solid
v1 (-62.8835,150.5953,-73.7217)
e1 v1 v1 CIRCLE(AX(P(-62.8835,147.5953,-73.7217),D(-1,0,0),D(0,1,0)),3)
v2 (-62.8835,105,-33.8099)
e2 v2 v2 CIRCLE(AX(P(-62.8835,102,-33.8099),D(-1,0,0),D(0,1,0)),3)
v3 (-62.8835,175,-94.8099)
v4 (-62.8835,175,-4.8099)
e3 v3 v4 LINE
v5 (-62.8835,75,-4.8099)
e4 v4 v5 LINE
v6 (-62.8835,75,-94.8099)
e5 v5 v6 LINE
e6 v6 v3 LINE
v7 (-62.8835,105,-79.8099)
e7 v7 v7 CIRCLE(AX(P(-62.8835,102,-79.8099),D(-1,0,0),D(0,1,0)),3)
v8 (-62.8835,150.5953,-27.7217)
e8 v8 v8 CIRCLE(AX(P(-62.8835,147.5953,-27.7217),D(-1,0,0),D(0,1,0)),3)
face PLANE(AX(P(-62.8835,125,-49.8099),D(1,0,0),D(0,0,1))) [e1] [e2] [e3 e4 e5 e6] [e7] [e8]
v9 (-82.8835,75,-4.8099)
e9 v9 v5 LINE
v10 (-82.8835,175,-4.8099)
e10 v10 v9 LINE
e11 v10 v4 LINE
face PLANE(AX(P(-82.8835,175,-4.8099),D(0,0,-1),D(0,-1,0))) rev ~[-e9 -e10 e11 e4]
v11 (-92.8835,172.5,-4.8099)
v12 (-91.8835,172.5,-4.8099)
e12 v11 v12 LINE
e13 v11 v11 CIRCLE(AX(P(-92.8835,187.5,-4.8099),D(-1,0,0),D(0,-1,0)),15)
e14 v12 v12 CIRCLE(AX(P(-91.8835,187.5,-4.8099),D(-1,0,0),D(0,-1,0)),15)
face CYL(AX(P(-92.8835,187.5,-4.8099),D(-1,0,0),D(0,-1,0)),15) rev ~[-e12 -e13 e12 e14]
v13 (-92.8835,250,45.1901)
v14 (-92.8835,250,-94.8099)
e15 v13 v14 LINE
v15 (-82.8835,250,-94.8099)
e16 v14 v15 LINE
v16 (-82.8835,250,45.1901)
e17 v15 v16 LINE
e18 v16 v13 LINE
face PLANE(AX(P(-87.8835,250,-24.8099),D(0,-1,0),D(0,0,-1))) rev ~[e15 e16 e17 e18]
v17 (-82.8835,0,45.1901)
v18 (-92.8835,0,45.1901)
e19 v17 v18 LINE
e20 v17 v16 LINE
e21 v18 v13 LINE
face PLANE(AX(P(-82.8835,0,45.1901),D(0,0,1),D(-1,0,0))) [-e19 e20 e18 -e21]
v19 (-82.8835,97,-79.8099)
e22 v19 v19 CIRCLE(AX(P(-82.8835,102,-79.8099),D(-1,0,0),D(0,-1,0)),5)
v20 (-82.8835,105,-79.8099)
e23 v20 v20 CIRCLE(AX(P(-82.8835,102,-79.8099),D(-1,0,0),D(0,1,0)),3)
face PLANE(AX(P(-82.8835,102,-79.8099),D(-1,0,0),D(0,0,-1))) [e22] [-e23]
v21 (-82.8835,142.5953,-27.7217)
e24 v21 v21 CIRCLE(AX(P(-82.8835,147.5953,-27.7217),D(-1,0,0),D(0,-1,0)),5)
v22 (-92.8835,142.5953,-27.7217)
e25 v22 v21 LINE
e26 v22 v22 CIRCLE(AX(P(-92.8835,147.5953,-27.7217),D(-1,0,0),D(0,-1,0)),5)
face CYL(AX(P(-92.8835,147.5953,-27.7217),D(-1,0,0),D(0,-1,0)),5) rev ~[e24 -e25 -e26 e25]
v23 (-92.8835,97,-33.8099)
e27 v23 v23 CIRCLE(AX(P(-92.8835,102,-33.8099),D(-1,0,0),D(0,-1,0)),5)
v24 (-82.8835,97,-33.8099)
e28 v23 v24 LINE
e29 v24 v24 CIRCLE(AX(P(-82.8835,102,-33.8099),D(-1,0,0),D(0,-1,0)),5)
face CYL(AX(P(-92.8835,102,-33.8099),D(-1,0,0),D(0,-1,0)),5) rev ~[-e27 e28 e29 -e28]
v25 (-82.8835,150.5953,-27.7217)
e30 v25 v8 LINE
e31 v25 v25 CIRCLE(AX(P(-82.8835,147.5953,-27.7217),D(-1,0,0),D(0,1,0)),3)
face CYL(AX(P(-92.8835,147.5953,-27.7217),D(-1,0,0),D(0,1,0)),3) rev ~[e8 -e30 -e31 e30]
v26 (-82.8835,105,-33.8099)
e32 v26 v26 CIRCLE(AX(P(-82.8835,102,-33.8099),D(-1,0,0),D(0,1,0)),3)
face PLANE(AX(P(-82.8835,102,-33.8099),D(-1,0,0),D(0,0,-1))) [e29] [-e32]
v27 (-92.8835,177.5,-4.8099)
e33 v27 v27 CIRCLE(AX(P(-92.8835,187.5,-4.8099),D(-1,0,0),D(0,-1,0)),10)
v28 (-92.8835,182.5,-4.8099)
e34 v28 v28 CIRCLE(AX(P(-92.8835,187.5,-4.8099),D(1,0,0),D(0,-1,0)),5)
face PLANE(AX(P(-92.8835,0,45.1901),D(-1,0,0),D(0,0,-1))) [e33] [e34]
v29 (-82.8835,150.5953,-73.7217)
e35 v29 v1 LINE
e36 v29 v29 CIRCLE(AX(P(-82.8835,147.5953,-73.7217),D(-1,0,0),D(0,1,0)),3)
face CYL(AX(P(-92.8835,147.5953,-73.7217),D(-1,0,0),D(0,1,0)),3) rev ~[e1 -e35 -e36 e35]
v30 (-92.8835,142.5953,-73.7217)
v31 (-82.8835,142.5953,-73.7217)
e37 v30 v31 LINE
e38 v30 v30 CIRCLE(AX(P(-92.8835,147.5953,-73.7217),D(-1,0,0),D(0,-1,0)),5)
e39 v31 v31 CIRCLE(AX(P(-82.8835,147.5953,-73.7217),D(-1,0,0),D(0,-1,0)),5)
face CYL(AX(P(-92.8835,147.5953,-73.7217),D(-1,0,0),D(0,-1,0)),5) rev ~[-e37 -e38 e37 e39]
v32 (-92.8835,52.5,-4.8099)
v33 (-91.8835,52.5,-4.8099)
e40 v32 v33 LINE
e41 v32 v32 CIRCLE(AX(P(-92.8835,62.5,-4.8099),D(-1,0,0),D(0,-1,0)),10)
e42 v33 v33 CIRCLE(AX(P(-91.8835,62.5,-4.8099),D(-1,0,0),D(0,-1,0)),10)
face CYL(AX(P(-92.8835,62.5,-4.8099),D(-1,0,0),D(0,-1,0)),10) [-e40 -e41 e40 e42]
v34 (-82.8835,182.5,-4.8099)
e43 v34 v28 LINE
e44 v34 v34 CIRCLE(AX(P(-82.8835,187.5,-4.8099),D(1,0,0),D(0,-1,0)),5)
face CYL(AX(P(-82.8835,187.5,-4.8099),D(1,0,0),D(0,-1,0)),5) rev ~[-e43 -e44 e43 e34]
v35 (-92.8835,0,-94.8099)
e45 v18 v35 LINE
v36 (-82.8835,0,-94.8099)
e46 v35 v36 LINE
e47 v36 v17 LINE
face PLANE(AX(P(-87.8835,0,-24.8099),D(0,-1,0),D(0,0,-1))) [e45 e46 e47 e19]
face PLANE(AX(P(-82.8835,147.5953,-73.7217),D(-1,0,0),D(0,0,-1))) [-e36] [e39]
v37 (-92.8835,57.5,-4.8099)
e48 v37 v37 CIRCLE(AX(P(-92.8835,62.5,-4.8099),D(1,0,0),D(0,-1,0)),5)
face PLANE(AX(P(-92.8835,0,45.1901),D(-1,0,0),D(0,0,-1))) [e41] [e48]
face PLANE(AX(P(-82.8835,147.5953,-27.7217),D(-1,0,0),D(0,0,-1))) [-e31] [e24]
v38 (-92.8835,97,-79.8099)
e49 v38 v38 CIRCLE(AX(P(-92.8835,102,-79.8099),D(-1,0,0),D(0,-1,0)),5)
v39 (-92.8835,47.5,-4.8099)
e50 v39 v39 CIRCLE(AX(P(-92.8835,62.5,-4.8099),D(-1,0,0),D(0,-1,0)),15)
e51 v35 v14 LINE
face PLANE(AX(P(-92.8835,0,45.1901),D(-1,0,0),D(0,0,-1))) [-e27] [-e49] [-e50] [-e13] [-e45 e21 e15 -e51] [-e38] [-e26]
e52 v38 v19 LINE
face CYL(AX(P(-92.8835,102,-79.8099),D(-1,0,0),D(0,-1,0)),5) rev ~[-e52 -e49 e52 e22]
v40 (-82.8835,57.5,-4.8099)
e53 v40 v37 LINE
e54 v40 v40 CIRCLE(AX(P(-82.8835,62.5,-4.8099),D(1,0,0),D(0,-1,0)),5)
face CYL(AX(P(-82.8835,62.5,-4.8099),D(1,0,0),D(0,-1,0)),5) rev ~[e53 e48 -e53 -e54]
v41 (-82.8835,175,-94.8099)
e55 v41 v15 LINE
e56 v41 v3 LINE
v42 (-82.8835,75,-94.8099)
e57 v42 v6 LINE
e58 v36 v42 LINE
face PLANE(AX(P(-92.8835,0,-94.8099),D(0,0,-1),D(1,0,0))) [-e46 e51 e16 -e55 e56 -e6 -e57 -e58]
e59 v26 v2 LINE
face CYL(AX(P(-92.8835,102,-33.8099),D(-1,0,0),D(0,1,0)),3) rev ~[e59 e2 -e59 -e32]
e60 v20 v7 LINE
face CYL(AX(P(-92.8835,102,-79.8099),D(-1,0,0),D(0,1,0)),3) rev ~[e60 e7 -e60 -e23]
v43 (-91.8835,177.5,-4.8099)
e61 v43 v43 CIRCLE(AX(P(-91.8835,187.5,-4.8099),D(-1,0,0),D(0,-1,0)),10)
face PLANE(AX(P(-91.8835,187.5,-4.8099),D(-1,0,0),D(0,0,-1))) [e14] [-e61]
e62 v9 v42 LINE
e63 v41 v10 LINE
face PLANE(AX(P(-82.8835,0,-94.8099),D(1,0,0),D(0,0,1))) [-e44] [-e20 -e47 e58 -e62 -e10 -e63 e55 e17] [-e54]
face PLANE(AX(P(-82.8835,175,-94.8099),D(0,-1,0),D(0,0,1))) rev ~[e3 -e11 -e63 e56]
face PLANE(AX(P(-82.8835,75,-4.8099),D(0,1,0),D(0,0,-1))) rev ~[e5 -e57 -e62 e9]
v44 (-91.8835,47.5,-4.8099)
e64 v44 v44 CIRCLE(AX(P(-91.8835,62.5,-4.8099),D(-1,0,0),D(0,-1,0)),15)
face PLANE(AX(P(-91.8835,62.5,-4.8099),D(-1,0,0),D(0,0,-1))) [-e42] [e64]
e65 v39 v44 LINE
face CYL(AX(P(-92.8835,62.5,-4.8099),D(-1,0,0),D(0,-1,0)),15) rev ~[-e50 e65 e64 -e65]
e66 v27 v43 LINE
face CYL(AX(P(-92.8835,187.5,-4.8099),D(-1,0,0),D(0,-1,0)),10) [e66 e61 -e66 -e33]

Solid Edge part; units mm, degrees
sketch "Sketch1" plane through (0, 0, 0) normal (0, -1, 0) x (1, 0, 0)
  line L0 (-92.8835, -94.8099) -> (-82.8835, -94.8099)
  line L1 (-82.8835, -94.8099) -> (-82.8835, 45.1901)
  line L2 (-82.8835, 45.1901) -> (-92.8835, 45.1901)
  line L3 (-92.8835, 45.1901) -> (-92.8835, -94.8099)
  dimension "D1" = 10
  dimension "D2" = 140
extrude "Protrusion1" add sketch "Sketch1" against normal blind 250
sketch "Sketch2" plane through (-82.8835, 104, 0.1901) normal (1, 0, 0) x (0, -1, 0)
  line L0 (-71, 5) -> (29, 5)
  line L1 (29, 5) -> (29, 95)
  line L2 (29, 95) -> (-71, 95)
  line L3 (-71, 95) -> (-71, 5)
  dimension "D1" = 90
  dimension "D2" = 100
extrude "Protrusion2" add sketch "Sketch2" along normal blind 20
sketch "Sketch3" plane through (-82.8835, 100, 10.1901) normal (1, 0, 0) x (0, -1, 0)
  circle A0 centre (37.5, 15) radius 5
  circle A1 centre (-87.5, 15) radius 5
  dimension "D1" = 10
  dimension "D2" = 10
  dimension "D3" = 125
  dimension "D4" = 50
  dimension "D5" = 62.5
extrude "Cutout1" cut sketch "Sketch3" against normal through all
extrude "ExtrudedCutout_6" [suppressed]
sketch "Sketch4" plane through (-92.8835, 145.5, -4.8099) normal (-1, 0, 0) x (0, 1, 0)
  circle A0 centre (2.0953, 68.9118) radius 3
  circle A1 centre (2.0953, 22.9118) radius 3
  circle A2 centre (-43.5, 29) radius 3
  circle A3 centre (-43.5, 75) radius 3
  dimension "D1" = 45.5953
  dimension "D2" = 6
  dimension "D3" = 6
  dimension "D4" = 6
  dimension "D5" = 6
  dimension "D6" = 15
  dimension "D7" = 23
  dimension "D8" = 6.0882
  dimension "D9" = 6.0882
extrude "Cutout2" cut sketch "Sketch4" against normal through all
sketch "Sketch5" plane through (-92.8835, 145.5, 0.1901) normal (-1, 0, 0) x (0, -1, 0)
  circle A0 centre (-2.0953, -73.9118) radius 5
  circle A1 centre (43.5, -80) radius 5
  circle A2 centre (43.5, -34) radius 5
  circle A3 centre (-2.0953, -27.9118) radius 5
  dimension "D1" = 10
  dimension "D2" = 10
  dimension "D3" = 10
  dimension "D4" = 10
extrude "Cutout3" cut sketch "Sketch5" against normal up to vertex (10 mm away)
sketch "Sketch6" plane through (-92.8835, 104, -4.8099) normal (-1, 0, 0) x (0, -1, 0)
  circle A0 centre (41.5, 0) radius 15
  circle A1 centre (-83.5, 0) radius 10
  circle A2 centre (41.5, 0) radius 10
  circle A3 centre (-83.5, 0) radius 15
  dimension "D1" = 30
  dimension "D2" = 30
  dimension "D3" = 20
  dimension "D4" = 20
extrude "ExtrudedCutout_9" cut sketch "Sketch6" against normal blind 1
properties material "Aluminum, 6061-T6"
